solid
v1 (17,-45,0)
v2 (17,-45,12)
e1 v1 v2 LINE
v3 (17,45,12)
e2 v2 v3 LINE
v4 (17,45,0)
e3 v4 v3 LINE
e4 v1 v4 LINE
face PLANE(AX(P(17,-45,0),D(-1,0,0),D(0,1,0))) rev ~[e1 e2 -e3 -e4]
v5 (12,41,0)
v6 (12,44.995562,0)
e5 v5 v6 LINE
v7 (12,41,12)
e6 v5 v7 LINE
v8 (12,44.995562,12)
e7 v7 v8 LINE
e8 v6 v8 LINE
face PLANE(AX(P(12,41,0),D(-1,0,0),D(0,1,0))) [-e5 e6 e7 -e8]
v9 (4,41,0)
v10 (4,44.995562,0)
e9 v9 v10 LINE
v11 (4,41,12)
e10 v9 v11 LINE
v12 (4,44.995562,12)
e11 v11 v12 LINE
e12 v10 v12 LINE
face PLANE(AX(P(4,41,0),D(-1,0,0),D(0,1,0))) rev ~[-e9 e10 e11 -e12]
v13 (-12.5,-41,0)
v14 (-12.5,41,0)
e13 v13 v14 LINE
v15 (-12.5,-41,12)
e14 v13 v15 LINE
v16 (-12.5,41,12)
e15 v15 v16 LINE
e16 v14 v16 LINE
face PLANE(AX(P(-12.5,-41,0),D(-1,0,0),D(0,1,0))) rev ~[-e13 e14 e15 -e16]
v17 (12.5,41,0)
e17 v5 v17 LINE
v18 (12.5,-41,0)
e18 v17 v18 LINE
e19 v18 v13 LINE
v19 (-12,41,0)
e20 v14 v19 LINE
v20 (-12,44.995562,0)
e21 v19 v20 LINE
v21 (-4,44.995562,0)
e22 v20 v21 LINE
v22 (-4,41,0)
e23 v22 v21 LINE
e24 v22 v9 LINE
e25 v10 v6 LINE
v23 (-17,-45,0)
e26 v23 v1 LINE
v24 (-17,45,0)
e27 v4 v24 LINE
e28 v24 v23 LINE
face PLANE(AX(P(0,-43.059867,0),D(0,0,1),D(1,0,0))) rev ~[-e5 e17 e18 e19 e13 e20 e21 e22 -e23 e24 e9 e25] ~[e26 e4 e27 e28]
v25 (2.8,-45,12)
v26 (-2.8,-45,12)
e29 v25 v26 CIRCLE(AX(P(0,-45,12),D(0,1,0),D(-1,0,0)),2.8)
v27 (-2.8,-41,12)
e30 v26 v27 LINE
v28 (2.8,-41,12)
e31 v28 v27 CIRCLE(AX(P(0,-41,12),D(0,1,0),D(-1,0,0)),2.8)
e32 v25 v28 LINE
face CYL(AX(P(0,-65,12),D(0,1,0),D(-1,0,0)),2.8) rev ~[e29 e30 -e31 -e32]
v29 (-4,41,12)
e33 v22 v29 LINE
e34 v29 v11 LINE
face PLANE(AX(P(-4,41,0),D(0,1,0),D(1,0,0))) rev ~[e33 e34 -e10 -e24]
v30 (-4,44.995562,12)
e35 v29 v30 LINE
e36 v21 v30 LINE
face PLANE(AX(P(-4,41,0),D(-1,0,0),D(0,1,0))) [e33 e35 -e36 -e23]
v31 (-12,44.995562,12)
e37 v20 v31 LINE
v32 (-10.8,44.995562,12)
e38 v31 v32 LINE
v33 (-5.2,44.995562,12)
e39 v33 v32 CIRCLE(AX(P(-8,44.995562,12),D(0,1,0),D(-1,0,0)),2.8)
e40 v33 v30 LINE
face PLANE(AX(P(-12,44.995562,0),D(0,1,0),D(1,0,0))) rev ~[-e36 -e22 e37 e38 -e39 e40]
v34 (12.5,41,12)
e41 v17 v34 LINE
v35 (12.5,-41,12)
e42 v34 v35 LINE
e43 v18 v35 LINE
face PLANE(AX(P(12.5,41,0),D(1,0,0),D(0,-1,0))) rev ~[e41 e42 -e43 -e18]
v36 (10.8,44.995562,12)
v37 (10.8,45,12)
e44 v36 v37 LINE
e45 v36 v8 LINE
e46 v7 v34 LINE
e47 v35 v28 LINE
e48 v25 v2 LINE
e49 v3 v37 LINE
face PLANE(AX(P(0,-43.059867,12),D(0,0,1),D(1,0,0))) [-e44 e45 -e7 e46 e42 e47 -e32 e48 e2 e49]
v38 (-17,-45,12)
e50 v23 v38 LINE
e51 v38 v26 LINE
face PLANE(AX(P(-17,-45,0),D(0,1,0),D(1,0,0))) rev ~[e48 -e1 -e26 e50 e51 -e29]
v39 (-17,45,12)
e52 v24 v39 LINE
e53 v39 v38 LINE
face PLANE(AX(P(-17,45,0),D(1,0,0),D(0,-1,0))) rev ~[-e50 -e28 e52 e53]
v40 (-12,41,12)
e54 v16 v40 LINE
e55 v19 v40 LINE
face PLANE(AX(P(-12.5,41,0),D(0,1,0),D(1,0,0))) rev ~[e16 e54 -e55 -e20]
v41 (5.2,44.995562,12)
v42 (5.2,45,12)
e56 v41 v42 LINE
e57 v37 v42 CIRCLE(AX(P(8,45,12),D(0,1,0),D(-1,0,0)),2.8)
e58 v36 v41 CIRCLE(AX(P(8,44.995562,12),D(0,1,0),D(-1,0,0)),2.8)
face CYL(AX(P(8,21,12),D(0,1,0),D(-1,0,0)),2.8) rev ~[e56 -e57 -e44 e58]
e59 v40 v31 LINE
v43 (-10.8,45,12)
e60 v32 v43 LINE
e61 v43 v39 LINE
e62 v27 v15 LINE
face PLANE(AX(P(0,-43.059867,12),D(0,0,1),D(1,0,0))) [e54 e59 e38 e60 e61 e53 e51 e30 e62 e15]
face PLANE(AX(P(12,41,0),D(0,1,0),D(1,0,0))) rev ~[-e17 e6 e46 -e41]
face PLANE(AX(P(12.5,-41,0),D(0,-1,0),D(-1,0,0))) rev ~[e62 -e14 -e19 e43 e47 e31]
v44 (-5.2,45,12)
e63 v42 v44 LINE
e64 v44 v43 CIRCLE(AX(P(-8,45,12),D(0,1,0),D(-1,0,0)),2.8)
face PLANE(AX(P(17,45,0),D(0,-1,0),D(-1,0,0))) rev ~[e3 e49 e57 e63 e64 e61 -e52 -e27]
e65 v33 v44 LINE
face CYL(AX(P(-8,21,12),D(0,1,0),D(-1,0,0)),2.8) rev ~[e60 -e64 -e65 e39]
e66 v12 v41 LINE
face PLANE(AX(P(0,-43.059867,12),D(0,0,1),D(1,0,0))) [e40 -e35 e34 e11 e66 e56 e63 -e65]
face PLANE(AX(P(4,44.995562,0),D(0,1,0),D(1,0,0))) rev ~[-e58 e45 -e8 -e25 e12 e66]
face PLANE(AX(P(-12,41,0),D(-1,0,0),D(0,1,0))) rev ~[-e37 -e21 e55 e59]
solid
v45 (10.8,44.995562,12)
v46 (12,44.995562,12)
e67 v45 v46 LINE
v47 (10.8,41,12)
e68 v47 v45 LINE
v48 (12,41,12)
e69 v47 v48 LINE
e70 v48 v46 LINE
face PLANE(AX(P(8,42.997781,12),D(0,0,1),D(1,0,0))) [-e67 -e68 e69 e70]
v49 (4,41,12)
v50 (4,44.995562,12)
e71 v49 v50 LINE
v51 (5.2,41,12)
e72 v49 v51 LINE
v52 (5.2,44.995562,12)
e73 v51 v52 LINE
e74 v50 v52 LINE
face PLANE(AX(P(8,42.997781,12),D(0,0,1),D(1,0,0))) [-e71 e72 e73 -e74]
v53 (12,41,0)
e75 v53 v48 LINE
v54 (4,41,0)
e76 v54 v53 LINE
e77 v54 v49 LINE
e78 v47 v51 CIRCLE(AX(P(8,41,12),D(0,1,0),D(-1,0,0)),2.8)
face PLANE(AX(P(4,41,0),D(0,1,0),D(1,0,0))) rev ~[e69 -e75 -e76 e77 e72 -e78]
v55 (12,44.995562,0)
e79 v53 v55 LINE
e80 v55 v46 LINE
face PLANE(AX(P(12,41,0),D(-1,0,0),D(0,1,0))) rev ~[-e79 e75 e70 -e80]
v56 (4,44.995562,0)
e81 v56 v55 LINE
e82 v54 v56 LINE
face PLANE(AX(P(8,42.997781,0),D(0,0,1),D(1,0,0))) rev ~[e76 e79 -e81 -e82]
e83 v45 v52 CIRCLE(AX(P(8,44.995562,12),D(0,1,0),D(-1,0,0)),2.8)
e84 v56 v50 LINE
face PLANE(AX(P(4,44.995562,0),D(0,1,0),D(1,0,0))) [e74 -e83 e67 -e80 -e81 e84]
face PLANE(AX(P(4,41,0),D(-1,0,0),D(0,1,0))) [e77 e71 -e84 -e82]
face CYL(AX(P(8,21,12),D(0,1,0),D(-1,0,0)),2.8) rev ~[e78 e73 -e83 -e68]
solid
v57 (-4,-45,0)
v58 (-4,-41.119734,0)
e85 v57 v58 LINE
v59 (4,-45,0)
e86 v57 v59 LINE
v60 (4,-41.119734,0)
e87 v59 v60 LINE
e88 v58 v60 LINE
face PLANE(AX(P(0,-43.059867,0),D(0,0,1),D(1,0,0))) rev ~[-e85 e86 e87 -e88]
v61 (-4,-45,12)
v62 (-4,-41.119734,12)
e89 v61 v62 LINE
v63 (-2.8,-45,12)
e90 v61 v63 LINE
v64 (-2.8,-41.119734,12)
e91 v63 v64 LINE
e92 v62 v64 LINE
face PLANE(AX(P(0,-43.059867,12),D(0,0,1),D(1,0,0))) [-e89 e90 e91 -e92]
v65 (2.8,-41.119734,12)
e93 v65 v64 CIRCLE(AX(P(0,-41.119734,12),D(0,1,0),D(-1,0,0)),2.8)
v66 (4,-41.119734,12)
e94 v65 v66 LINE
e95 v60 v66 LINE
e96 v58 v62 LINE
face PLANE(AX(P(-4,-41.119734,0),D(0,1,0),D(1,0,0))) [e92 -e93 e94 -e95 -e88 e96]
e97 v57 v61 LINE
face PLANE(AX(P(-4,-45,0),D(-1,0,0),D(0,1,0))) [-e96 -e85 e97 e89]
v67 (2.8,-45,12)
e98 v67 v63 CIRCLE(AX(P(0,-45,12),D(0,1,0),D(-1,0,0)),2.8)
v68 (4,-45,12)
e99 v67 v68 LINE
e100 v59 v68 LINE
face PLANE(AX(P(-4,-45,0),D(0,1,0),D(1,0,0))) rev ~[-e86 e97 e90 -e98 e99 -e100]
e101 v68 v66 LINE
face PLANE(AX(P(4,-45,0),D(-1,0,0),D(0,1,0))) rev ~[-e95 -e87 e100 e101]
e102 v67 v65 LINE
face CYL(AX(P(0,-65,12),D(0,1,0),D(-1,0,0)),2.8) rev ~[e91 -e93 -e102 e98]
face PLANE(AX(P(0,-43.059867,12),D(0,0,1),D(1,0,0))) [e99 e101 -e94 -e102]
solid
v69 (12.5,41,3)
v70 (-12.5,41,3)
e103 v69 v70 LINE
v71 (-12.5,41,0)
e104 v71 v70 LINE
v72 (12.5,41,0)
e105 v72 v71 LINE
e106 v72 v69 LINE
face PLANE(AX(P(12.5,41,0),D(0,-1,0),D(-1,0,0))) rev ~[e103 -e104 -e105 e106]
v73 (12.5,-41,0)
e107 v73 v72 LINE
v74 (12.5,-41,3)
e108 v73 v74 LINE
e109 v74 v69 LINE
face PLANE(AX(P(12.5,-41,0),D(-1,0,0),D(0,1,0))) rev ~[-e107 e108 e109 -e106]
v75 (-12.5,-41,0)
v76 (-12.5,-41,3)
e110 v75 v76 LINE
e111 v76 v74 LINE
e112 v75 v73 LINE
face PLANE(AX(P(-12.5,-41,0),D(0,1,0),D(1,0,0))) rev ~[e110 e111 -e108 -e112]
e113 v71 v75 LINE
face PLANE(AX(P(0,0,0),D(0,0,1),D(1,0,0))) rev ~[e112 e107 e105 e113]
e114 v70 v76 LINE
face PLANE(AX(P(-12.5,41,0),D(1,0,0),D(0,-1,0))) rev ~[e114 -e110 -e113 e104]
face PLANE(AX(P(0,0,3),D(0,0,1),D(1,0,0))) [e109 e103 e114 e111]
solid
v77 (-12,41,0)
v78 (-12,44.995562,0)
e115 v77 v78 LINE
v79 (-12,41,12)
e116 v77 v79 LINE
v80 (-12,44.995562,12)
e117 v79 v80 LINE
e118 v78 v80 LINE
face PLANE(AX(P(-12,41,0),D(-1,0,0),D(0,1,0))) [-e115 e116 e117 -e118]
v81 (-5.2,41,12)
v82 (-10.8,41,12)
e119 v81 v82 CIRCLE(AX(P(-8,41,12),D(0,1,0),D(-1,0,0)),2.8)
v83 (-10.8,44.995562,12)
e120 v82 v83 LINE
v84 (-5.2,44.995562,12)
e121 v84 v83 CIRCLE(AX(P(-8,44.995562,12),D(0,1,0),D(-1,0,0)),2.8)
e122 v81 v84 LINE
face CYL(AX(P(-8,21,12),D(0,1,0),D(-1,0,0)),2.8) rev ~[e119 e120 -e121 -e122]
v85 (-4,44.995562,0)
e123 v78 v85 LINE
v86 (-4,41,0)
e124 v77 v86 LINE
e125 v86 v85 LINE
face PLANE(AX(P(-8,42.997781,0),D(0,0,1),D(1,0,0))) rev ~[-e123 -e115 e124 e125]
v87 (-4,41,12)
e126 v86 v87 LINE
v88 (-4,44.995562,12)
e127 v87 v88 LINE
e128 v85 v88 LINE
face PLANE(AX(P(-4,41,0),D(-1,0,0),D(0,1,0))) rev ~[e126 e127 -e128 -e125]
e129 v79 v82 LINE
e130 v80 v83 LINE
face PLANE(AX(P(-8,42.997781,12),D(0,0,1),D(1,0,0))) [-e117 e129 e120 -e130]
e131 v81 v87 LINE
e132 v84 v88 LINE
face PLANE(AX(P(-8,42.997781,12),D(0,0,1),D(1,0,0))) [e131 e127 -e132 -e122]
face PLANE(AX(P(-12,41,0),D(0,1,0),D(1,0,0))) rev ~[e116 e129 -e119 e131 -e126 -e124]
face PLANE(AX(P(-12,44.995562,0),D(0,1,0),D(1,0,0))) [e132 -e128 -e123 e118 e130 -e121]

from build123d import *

# Parameters (mm, degrees)
F0_W       = 8
F0_H       = 3.880266
F0_H_2     = 3.995562
F1_DEPTH   = 12
F0_W_2     = 0.5
F3_DEPTH   = 12
F4_D       = 5.6
F4_DEPTH   = 20
F4_2_D     = 5.6
F4_2_DEPTH = 20
F7_D       = 5.6
F7_DEPTH   = 20
F7_2_D     = 5.6
F7_2_DEPTH = 20
F8_D       = 5.6
F8_DEPTH   = 20
F8_2_D     = 5.6
F8_2_DEPTH = 20
F9_DEPTH   = 3


with BuildPart() as f1:
    # F0 (on Top) → F1 (new body)
    with BuildSketch(Plane.XY):
        with Locations((0, -43.059867)):
            Rectangle(F0_W, F0_H)
        with Locations((-8, 42.997781)):
            Rectangle(F0_W, F0_H_2)
        with Locations((8, 42.997781)):
            Rectangle(F0_W, F0_H_2)
    extrude(amount=F1_DEPTH)

    # F4
    with Locations(Plane.XZ.offset(45)):
        with Locations((0, 12)):
            Hole(F4_D / 2, depth=F4_DEPTH)

    # F7
    with Locations(Plane.XZ.offset(-41)):
        with Locations((8, 12)):
            Hole(F7_D / 2, depth=F7_DEPTH)

    # F8
    with Locations(Plane.XZ.offset(-41)):
        with Locations((-8, 12)):
            Hole(F8_D / 2, depth=F8_DEPTH)


with BuildPart() as f3:
    # F0 (on Top) → F3 (new body)
    with BuildSketch(Plane.XY):
        with Locations((0, -43.059867)):
            Rectangle(F0_W, F0_H)
        Polygon((4, -45), (17, -45), (17, 45), (-17, 45), (-17, -45), (-4, -45), (-4, -41.119734), (4, -41.119734), align=None)
        Polygon((12.5, 44.995562), (12.5, 41), (12.5, -41), (-12.5, -41), (-12.5, 41), (-12, 41), (-12, 44.995562), (-4, 44.995562), (4, 44.995562), (12, 44.995562), align=None, mode=Mode.SUBTRACT)
        with Locations((12.25, 42.997781)):
            Rectangle(F0_W_2, F0_H_2)
        with Locations((0, 42.997781)):
            Rectangle(F0_W, F0_H_2)
    extrude(amount=F3_DEPTH)

    # F4#2
    with Locations(Plane.XZ.offset(45)):
        with Locations((0, 12)):
            Hole(F4_2_D / 2, depth=F4_2_DEPTH)

    # F7#2
    with Locations(Plane.XZ.offset(-41)):
        with Locations((8, 12)):
            Hole(F7_2_D / 2, depth=F7_2_DEPTH)

    # F8#2
    with Locations(Plane.XZ.offset(-41)):
        with Locations((-8, 12)):
            Hole(F8_2_D / 2, depth=F8_2_DEPTH)


with BuildPart() as f9:
    # F0 (on Top) → F9 (new body)
    with BuildSketch(Plane.XY):
        Polygon((12.5, -41), (12.5, 41), (12, 41), (4, 41), (-4, 41), (-12, 41), (-12.5, 41), (-12.5, -41), align=None)
    extrude(amount=F9_DEPTH)


solid = Compound([f1.part, f3.part, f9.part])
